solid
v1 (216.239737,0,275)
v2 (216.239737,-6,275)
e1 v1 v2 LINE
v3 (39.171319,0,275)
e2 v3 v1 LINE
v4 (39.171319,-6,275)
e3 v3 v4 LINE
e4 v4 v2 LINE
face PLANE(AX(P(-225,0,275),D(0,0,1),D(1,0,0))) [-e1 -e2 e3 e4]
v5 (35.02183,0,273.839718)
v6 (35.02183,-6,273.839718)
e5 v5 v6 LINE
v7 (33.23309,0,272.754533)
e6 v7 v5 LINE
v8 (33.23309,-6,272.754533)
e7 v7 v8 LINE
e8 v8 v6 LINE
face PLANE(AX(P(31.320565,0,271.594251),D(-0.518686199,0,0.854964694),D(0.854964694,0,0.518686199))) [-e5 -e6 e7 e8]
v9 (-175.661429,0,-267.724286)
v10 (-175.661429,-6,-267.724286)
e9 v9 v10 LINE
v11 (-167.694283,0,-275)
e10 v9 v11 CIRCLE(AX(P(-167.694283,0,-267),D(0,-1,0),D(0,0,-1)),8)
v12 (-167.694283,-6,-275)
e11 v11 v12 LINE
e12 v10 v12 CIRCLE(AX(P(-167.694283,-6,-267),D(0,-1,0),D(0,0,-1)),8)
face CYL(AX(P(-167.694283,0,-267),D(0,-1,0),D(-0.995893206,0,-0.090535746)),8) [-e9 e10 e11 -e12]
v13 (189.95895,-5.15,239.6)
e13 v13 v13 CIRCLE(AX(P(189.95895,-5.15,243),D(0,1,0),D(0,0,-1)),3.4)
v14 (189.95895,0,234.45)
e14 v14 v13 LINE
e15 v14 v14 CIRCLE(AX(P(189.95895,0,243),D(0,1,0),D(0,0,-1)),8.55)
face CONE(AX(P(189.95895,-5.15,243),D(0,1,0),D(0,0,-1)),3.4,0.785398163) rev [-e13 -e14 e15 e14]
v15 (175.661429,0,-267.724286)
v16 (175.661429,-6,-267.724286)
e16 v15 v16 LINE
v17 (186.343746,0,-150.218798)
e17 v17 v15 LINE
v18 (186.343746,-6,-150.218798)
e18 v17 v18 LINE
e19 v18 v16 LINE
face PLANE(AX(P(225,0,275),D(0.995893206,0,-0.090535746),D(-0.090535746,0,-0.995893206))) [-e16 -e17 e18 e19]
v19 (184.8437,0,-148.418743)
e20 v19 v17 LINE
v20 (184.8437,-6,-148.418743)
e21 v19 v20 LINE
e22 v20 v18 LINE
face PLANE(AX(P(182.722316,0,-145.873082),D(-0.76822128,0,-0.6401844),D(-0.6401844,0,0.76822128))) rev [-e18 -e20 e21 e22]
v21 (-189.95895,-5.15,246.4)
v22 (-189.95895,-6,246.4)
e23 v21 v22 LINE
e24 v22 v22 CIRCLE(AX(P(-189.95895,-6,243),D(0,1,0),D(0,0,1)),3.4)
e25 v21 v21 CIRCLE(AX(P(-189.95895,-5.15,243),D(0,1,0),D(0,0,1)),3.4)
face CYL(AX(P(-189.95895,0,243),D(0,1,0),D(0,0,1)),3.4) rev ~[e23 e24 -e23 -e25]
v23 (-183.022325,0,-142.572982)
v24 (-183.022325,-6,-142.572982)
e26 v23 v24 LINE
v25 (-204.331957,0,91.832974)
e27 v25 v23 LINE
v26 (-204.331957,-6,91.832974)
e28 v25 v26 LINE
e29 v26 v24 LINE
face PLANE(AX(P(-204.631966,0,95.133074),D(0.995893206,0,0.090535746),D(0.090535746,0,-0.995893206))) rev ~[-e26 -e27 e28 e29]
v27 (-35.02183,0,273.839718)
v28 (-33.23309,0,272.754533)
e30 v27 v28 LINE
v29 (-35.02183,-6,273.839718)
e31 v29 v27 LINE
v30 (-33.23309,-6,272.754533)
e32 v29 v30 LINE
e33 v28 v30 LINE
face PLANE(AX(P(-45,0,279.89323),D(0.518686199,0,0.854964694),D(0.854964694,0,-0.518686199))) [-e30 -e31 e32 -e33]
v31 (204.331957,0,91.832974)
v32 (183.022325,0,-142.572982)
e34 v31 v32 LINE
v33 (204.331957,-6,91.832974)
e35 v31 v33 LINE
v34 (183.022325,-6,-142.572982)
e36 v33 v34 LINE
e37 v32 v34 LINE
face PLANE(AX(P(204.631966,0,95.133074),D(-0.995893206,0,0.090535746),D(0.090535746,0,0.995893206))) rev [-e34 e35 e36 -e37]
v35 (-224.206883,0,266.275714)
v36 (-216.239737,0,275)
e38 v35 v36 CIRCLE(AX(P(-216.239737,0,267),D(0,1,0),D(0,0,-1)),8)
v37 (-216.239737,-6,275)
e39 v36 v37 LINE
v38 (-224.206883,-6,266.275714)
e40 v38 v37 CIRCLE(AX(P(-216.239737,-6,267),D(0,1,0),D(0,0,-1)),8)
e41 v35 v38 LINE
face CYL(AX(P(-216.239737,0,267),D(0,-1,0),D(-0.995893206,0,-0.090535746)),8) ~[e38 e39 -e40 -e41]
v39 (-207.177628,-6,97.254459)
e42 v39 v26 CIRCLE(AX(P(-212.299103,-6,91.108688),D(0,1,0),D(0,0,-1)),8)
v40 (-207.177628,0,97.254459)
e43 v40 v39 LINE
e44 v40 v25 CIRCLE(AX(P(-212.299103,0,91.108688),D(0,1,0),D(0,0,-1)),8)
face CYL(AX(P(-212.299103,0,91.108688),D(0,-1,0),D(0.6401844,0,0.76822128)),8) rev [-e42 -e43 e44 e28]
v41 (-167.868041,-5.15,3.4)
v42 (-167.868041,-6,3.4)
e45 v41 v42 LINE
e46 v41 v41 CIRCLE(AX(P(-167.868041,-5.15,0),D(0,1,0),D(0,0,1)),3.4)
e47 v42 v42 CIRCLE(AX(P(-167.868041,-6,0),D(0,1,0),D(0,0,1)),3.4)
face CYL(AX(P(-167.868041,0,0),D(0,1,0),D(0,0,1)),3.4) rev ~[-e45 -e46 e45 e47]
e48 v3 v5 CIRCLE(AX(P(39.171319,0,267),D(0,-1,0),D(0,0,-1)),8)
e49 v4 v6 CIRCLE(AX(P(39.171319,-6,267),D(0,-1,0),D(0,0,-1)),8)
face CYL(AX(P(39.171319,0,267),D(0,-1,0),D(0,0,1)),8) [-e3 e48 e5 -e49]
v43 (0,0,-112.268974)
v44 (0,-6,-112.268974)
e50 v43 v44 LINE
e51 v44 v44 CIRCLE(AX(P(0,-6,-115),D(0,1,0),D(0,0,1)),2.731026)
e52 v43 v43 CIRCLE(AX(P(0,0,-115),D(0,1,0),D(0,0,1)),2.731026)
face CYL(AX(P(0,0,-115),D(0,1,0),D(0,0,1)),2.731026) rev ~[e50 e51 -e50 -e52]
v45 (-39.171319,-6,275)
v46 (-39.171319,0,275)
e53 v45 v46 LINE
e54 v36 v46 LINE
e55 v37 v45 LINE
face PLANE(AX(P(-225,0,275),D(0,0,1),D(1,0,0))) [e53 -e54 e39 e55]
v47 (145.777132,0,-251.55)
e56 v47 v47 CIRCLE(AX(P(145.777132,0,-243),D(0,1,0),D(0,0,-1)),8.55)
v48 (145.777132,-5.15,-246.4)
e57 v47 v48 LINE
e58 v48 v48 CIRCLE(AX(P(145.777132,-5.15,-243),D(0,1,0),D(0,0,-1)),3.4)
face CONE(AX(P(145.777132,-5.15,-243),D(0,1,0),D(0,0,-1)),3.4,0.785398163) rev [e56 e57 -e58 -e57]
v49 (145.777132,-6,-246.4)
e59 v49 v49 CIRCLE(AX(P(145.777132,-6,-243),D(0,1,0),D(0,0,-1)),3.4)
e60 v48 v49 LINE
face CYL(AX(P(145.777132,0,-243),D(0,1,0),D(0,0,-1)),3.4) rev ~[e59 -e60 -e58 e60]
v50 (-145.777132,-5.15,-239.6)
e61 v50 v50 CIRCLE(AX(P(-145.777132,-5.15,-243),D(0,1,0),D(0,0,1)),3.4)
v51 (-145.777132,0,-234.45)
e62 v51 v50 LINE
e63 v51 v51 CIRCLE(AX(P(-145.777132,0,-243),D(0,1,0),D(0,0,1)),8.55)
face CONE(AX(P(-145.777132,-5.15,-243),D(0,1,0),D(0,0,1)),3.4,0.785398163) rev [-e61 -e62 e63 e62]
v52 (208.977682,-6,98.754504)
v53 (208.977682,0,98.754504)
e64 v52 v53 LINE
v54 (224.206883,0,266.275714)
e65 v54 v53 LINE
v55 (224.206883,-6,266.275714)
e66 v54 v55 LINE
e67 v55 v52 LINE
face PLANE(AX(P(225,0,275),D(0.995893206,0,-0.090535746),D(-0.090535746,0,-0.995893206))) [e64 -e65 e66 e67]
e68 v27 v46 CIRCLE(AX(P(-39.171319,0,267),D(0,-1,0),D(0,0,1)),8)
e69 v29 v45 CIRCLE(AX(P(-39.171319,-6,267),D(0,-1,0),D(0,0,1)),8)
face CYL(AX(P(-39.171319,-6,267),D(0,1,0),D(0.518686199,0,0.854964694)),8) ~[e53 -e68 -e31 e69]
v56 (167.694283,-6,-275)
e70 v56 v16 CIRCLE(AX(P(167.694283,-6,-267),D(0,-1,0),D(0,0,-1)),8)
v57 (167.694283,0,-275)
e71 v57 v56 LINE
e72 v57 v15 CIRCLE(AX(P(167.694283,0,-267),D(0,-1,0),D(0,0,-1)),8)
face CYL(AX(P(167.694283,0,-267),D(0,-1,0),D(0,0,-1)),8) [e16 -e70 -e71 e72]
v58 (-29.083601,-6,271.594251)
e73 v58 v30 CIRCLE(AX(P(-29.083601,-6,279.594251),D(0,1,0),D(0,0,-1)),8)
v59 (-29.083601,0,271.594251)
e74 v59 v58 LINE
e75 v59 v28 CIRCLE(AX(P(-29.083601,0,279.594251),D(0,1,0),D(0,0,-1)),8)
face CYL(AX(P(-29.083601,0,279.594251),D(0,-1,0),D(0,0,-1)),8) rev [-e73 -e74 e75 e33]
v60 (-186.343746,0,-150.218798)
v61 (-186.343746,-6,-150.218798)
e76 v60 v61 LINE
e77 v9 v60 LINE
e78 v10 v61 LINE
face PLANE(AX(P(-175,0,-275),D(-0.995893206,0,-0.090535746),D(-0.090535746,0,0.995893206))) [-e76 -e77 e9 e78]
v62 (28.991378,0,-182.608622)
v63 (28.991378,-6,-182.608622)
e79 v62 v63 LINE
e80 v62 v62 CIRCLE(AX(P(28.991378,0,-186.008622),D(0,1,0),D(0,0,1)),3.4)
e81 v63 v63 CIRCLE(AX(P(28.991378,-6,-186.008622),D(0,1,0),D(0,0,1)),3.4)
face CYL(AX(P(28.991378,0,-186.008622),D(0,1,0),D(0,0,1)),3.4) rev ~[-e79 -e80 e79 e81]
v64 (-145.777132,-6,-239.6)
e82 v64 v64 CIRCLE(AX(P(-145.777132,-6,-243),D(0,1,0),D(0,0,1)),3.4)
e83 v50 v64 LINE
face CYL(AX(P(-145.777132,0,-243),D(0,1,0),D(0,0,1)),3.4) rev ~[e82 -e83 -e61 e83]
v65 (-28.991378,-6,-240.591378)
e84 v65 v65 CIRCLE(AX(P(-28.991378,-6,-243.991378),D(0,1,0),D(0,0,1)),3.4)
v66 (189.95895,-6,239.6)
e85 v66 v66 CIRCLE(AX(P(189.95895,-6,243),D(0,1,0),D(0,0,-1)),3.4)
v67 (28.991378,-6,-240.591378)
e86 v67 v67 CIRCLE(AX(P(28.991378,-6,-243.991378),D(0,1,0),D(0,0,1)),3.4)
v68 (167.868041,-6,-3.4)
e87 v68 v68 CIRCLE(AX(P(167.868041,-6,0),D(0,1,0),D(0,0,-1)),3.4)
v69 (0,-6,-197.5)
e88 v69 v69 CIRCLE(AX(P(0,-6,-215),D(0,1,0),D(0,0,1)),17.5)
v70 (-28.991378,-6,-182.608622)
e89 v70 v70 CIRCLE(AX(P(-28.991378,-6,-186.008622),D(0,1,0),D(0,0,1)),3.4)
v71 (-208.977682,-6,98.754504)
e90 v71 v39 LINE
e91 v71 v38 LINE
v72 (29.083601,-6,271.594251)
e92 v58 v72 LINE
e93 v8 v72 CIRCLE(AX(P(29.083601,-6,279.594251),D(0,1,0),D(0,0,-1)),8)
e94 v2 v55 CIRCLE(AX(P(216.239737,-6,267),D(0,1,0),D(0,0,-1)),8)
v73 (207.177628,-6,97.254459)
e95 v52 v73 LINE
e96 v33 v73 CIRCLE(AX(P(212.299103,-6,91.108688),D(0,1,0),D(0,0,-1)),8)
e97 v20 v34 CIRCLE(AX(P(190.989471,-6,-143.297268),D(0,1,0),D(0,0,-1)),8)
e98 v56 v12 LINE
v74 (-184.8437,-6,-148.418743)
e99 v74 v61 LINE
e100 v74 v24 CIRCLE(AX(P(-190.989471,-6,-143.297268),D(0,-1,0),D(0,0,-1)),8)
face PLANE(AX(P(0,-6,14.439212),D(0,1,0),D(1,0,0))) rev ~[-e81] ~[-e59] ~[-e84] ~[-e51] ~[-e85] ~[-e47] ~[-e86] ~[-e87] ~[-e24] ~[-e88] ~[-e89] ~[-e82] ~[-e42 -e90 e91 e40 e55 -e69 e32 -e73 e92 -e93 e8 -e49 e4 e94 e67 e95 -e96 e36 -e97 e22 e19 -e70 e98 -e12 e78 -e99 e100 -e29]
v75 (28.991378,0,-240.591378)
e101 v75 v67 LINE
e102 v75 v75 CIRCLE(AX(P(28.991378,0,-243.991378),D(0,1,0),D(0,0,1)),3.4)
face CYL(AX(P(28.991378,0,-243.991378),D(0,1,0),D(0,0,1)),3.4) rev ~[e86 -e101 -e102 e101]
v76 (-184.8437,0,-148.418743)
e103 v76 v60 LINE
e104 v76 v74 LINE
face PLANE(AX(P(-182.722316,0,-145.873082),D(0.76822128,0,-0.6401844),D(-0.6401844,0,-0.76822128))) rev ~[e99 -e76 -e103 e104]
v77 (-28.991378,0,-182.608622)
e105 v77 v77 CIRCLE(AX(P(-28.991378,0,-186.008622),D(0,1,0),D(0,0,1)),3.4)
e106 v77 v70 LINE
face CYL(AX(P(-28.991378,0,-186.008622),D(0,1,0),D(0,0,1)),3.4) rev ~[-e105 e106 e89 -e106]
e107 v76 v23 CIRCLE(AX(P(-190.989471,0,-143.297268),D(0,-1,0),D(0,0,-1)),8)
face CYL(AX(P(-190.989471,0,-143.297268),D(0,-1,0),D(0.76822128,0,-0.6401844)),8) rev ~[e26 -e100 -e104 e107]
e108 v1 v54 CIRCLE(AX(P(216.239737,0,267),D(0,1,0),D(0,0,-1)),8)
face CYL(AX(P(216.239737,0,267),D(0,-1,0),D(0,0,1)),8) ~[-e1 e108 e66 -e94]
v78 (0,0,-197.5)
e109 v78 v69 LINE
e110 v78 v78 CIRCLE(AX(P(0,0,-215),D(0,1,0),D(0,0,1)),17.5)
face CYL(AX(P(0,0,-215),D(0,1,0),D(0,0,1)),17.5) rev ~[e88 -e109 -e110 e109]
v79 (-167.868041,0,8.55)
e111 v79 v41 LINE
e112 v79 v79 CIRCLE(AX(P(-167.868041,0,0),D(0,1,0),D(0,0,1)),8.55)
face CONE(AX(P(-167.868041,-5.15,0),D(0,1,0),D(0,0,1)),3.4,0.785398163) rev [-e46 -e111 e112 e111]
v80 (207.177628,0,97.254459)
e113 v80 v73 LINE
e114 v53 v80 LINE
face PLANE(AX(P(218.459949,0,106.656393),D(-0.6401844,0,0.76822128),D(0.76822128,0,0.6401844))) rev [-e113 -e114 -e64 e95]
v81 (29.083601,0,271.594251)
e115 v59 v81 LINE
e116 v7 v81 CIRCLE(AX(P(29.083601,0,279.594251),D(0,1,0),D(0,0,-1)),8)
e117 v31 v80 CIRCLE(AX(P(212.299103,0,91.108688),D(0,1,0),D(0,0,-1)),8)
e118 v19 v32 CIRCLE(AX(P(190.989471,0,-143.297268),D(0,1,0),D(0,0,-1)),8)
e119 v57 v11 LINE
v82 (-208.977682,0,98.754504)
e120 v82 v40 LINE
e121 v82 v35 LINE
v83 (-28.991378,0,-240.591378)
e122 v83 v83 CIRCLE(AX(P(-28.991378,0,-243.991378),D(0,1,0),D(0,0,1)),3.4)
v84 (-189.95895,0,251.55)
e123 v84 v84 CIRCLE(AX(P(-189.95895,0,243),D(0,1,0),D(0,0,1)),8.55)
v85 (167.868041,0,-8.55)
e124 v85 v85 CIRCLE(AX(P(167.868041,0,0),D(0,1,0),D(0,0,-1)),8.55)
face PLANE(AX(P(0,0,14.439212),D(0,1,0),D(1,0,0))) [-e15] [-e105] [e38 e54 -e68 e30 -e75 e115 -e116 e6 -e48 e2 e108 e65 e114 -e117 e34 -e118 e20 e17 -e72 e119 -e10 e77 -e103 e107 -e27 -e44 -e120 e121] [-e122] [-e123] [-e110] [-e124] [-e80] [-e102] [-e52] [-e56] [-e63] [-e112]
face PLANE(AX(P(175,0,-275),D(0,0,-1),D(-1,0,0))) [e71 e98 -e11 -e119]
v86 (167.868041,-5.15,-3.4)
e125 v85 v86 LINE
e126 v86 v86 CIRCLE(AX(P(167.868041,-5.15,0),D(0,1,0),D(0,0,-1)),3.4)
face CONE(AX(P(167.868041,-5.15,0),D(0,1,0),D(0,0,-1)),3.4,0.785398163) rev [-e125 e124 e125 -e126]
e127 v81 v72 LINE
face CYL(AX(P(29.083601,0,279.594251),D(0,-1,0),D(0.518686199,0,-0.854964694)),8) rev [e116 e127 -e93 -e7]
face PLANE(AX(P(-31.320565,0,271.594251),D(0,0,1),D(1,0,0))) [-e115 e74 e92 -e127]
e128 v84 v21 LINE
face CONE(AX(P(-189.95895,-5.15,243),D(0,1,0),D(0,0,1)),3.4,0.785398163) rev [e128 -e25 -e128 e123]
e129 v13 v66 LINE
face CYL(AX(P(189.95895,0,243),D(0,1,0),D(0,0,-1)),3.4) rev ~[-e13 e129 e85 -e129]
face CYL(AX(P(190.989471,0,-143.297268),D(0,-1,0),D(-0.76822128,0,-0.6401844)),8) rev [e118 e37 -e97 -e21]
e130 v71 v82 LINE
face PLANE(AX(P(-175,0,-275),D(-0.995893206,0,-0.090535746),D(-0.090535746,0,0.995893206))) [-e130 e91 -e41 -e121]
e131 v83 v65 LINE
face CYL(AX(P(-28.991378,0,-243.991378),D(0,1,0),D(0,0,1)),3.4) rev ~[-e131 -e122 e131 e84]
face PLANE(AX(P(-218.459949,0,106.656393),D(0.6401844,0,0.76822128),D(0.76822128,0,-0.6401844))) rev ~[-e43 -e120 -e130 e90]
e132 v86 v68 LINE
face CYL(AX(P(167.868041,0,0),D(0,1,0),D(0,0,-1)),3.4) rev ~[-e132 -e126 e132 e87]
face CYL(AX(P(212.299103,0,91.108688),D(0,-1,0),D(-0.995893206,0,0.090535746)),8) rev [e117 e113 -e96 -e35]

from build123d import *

# Parameters (mm, degrees)
SKETCH1_R           = 17.5
SKETCH1_R_2         = 3.4
SKETCH1_R_3         = 2.731026391
BOSS_EXTRUDE1_DEPTH = 6
FILLET1_R           = 8
SKETCH5_R           = 3.4
CUT_EXTRUDE4_DEPTH  = 20
CUT_EXTRUDE5_DEPTH  = 10
CUT_EXTRUDE6_DEPTH  = 10
FILLET2_R           = 8
CHAMFER1_SIZE       = 5.15


with BuildPart() as part:
    # Sketch1 → Boss-Extrude1 (new body)
    with BuildSketch(Plane(origin=(0, 0, 0), x_dir=(1, 0, 0), z_dir=(0, 1, 0))):
        Polygon((-175, 275), (-225, -275), (225, -275), (175, 275), align=None)
        with Locations(Location((0, 215, 0), (0, 0, 270))):
            Circle(SKETCH1_R, mode=Mode.SUBTRACT)
        with Locations(Location((-145.777131586, 243, 0), (0, 0, 270))):
            Circle(SKETCH1_R_2, mode=Mode.SUBTRACT)
        with Locations(Location((145.777131586, 243, 0), (0, 0, 90))):
            Circle(SKETCH1_R_2, mode=Mode.SUBTRACT)
        with Locations(Location((-189.958949768, -243, 0), (0, 0, 270))):
            Circle(SKETCH1_R_2, mode=Mode.SUBTRACT)
        with Locations(Location((189.958949768, -243, 0), (0, 0, 90))):
            Circle(SKETCH1_R_2, mode=Mode.SUBTRACT)
        with Locations(Location((-167.868040677, 0, 0), (0, 0, 270))):
            Circle(SKETCH1_R_2, mode=Mode.SUBTRACT)
        with Locations(Location((167.868040677, 0, 0), (0, 0, 90))):
            Circle(SKETCH1_R_2, mode=Mode.SUBTRACT)
        with Locations(Location((0, 115, 0), (0, 0, 270))):
            Circle(SKETCH1_R_3, mode=Mode.SUBTRACT)
    extrude(amount=-BOSS_EXTRUDE1_DEPTH)

    # Fillet1
    fillet1_edges = [part.edges().sort_by_distance(p)[0] for p in [
        (175, -3, -275),
        (225, -3, 275),
        (-225, -3, 275),
        (-175, -3, -275),
    ]]
    fillet(fillet1_edges, radius=FILLET1_R)

    # Sketch5 → Cut-Extrude4 (cut)
    with BuildSketch(Plane(origin=(0, 0, 377.333920735), x_dir=(0, 0, 1), z_dir=(0, 1, 0))):
        with Locations((-563.342542706, 28.991378029)):
            Circle(SKETCH5_R)
        with Locations((-563.342542706, -28.991378029)):
            Circle(SKETCH5_R)
        with Locations((-621.325298763, -28.991378029)):
            Circle(SKETCH5_R)
        with Locations((-621.325298763, 28.991378029)):
            Circle(SKETCH5_R)
    extrude(amount=-CUT_EXTRUDE4_DEPTH, mode=Mode.SUBTRACT)

    # Sketch6 → Cut-Extrude5 (cut)
    with BuildSketch(Plane(origin=(0, 0, 0), x_dir=(1, 0, 0), z_dir=(0, 1, 0))):
        Polygon((-204.631966366, -95.133074099), (-182.722315824, 145.873081867), (-194.245635018, 159.701064899), (-218.459949399, -106.656393293), align=None)
    cut_extrude5 = extrude(amount=-CUT_EXTRUDE5_DEPTH, mode=Mode.SUBTRACT)

    # Sketch7 → Cut-Extrude6 (cut)
    with BuildSketch(Plane(origin=(0, 0, 0), x_dir=(1, 0, 0), z_dir=(0, 1, 0))):
        Polygon((-31.320564901, -271.594250629), (31.320564901, -271.594250629), (45, -279.893229805), (-45, -279.893229805), align=None)
    extrude(amount=-CUT_EXTRUDE6_DEPTH, mode=Mode.SUBTRACT)

    # Mirror2: Cut-Extrude5 across plane
    add(cut_extrude5.mirror(Plane(origin=(0, 0, 0), x_dir=(0, 0, 1), z_dir=(1, 0, 0))), mode=Mode.SUBTRACT)

    # Fillet2
    fillet2_edges = [part.edges().sort_by_distance(p)[0] for p in [
        (-182.722315824, -3, -145.873081867),
        (-204.631966366, -3, 95.133074099),
        (36.934355042, -3, 275),
        (-36.934355042, -3, 275),
        (-31.320564901, -3, 271.594250629),
        (31.320564901, -3, 271.594250629),
        (204.631966366, -3, 95.133074099),
        (182.722315824, -3, -145.873081867),
    ]]
    fillet(fillet2_edges, radius=FILLET2_R)

    # Chamfer1
    chamfer1_edges = [part.edges().sort_by_distance(p)[0] for p in [
        (-145.777131586, 0, -246.4),
        (145.777131586, 0, -239.6),
        (-189.958949768, 0, 239.6),
        (189.958949768, 0, 246.4),
        (-167.868040677, 0, -3.4),
        (167.868040677, 0, 3.4),
    ]]
    chamfer(chamfer1_edges, length=CHAMFER1_SIZE)


solid = part.part
